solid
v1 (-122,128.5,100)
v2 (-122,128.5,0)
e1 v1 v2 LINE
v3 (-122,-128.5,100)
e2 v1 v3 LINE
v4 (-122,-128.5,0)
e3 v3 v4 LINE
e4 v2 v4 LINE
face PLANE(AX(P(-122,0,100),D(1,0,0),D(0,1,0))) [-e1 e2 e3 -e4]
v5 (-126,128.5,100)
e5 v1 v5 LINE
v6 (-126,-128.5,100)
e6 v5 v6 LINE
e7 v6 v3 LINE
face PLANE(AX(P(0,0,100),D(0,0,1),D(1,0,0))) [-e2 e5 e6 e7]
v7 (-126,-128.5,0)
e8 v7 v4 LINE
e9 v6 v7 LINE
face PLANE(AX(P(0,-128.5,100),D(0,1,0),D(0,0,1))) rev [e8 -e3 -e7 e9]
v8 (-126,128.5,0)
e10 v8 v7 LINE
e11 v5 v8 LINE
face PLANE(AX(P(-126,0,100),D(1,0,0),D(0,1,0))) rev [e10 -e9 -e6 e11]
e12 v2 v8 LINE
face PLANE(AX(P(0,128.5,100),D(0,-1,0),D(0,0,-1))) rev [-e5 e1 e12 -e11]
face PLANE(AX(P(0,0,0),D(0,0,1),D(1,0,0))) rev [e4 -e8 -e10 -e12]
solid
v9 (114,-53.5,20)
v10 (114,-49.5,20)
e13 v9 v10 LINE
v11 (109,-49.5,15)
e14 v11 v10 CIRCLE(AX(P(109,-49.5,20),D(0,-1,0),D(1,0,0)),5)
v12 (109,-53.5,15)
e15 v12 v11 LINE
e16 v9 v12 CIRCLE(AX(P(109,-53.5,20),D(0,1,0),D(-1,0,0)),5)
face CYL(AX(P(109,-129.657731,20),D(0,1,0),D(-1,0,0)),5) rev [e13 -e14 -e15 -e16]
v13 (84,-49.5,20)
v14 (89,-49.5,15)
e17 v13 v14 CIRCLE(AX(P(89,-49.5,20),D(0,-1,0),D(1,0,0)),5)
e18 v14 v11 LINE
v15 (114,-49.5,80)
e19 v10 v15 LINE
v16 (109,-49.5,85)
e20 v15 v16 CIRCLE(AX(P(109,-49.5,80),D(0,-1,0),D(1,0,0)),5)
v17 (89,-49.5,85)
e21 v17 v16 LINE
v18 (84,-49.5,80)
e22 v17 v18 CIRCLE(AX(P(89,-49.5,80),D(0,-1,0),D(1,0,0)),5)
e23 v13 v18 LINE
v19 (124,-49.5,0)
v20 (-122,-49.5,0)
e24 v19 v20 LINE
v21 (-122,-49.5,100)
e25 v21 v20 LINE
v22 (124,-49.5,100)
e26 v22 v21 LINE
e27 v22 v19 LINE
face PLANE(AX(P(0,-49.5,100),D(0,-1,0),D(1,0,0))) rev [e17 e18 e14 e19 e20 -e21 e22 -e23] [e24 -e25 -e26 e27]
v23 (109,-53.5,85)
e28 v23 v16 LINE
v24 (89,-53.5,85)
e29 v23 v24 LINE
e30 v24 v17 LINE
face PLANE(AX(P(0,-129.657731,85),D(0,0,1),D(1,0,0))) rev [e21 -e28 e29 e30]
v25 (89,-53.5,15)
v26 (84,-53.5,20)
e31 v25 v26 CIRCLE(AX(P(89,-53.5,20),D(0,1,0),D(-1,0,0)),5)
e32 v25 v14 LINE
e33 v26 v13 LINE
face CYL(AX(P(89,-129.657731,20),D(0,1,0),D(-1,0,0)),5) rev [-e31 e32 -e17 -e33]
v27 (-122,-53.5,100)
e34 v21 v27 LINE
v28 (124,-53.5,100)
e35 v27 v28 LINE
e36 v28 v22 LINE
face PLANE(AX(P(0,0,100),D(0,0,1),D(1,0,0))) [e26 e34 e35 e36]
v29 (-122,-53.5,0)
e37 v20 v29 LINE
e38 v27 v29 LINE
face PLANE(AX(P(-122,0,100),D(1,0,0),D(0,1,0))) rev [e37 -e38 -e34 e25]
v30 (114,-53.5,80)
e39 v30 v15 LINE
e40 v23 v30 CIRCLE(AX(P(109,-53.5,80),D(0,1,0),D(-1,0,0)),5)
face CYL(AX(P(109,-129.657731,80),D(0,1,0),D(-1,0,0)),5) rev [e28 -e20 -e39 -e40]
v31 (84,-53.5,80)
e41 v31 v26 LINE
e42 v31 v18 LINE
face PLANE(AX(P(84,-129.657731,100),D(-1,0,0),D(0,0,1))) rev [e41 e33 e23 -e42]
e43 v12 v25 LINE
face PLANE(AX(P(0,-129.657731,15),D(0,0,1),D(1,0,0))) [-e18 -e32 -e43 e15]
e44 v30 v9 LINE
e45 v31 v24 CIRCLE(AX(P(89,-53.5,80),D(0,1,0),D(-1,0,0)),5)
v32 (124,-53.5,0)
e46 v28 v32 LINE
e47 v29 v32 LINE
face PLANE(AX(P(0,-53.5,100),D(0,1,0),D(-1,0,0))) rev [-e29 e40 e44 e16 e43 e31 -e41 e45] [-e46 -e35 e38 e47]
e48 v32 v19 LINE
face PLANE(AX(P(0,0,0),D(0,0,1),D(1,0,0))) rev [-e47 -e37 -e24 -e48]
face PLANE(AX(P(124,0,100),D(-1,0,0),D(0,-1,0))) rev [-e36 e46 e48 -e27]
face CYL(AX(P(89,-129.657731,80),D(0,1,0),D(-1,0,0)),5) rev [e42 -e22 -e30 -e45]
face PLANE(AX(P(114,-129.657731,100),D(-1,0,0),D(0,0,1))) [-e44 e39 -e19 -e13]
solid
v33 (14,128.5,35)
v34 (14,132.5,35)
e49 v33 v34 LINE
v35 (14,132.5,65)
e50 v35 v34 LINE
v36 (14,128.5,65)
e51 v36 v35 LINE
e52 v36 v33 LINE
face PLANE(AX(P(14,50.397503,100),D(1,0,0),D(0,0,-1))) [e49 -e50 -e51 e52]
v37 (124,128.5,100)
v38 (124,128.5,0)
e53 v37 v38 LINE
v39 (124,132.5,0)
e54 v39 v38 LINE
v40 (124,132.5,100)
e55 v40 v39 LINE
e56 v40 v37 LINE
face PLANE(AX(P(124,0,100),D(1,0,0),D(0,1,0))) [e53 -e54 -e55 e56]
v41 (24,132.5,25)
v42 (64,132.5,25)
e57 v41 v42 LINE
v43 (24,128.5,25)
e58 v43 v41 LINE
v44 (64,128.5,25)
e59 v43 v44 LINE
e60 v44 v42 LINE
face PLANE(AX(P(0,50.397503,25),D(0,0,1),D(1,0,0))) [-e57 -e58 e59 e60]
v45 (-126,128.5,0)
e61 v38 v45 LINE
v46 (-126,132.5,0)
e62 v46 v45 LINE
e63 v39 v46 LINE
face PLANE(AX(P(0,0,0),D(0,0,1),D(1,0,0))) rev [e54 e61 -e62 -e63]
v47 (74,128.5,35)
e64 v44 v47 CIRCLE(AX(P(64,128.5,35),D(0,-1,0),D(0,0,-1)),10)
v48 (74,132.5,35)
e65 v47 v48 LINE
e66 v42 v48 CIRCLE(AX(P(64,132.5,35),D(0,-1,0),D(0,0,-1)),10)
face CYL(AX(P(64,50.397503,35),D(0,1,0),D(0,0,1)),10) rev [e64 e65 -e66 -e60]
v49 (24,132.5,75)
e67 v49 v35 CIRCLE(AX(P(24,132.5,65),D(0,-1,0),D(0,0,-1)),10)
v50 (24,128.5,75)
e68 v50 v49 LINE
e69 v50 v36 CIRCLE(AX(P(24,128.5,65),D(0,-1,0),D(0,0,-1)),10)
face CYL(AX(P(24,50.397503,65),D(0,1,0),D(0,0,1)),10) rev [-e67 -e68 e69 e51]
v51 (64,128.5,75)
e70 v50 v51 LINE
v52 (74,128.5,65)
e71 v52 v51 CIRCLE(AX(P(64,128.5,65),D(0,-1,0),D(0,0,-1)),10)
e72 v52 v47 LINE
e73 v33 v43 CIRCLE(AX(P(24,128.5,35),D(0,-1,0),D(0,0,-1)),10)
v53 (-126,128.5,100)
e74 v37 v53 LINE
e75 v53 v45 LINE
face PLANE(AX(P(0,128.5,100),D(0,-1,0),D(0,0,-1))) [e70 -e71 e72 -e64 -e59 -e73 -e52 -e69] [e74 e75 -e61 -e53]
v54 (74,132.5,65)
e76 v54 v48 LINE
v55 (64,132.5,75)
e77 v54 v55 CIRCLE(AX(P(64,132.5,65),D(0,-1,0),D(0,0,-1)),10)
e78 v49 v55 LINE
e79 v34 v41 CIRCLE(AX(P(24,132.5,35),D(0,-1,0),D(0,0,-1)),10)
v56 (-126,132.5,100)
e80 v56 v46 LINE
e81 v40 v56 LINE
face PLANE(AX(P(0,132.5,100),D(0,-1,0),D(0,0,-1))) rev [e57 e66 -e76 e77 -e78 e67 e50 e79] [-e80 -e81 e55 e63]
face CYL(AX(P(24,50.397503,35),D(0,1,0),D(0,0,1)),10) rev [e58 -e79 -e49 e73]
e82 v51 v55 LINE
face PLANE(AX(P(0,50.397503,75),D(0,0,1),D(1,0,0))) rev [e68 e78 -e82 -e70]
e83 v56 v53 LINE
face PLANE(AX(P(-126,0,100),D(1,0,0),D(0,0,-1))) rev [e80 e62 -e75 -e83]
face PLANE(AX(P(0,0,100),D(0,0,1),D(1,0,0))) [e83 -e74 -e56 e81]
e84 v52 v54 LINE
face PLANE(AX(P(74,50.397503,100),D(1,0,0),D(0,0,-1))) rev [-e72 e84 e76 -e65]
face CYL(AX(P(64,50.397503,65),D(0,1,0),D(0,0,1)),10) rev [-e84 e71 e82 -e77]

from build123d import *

# Parameters (mm, degrees)
SKETCH1_W           = 250
SKETCH1_H           = 4
BOSS_EXTRUDE1_DEPTH = 100
BOSS_EXTRUDE2_DEPTH = 100
SKETCH1_4_W         = 246
SKETCH1_4_H         = 4
BOSS_EXTRUDE3_DEPTH = 100
CUT_EXTRUDE1_DEPTH  = 4
CUT_EXTRUDE2_START  = -4
CUT_EXTRUDE2_DEPTH  = 4


with BuildPart() as part:
    # Sketch1 → Boss-Extrude1 (new body)
    with BuildSketch(Plane.XY):
        with Locations((-1, 130.5)):
            Rectangle(SKETCH1_W, SKETCH1_H)
    extrude(amount=BOSS_EXTRUDE1_DEPTH)

    # Sketch3 → Cut-Extrude2 (cut)
    with BuildSketch(Plane(origin=(0, 132.5, 0), x_dir=(1, 0, 0), z_dir=(0, 1, 0)).offset(CUT_EXTRUDE2_START)):
        with BuildLine():
            Line((14, -65), (14, -35))
            ThreePointArc((14, -35), (16.928932188, -27.928932188), (24, -25))
            Line((24, -25), (64, -25))
            ThreePointArc((64, -25), (71.071067812, -27.928932188), (74, -35))
            Line((74, -35), (74, -65))
            ThreePointArc((74, -65), (71.071067812, -72.071067812), (64, -75))
            Line((64, -75), (24, -75))
            ThreePointArc((24, -75), (16.928932188, -72.071067812), (14, -65))
        make_face()
    extrude(amount=CUT_EXTRUDE2_DEPTH, mode=Mode.SUBTRACT)


with BuildPart() as body_2:
    # Sketch1<3> → Boss-Extrude2 (new body)
    with BuildSketch(Plane.XY):
        Polygon((-122, -128.5), (-122, -53.5), (-122, -49.5), (-122, 128.5), (-126, 128.5), (-126, -128.5), align=None)
    extrude(amount=BOSS_EXTRUDE2_DEPTH)


with BuildPart() as body_3:
    # Sketch1<4> → Boss-Extrude3 (new body)
    with BuildSketch(Plane.XY):
        with Locations((1, -51.5)):
            Rectangle(SKETCH1_4_W, SKETCH1_4_H)
    extrude(amount=BOSS_EXTRUDE3_DEPTH)

    # Sketch2 → Cut-Extrude1 (cut)
    with BuildSketch(Plane(origin=(0, -49.5, 0), x_dir=(1, 0, 0), z_dir=(0, 1, 0))):
        with BuildLine():
            Line((89, -15), (109, -15))
            ThreePointArc((109, -15), (112.535533906, -16.464466094), (114, -20))
            Line((114, -20), (114, -80))
            ThreePointArc((114, -80), (112.535533906, -83.535533906), (109, -85))
            Line((109, -85), (89, -85))
            ThreePointArc((89, -85), (85.464466094, -83.535533906), (84, -80))
            Line((84, -80), (84, -20))
            ThreePointArc((84, -20), (85.464466094, -16.464466094), (89, -15))
        make_face()
    extrude(amount=-CUT_EXTRUDE1_DEPTH, mode=Mode.SUBTRACT)


solid = Compound([part.part, body_2.part, body_3.part])
